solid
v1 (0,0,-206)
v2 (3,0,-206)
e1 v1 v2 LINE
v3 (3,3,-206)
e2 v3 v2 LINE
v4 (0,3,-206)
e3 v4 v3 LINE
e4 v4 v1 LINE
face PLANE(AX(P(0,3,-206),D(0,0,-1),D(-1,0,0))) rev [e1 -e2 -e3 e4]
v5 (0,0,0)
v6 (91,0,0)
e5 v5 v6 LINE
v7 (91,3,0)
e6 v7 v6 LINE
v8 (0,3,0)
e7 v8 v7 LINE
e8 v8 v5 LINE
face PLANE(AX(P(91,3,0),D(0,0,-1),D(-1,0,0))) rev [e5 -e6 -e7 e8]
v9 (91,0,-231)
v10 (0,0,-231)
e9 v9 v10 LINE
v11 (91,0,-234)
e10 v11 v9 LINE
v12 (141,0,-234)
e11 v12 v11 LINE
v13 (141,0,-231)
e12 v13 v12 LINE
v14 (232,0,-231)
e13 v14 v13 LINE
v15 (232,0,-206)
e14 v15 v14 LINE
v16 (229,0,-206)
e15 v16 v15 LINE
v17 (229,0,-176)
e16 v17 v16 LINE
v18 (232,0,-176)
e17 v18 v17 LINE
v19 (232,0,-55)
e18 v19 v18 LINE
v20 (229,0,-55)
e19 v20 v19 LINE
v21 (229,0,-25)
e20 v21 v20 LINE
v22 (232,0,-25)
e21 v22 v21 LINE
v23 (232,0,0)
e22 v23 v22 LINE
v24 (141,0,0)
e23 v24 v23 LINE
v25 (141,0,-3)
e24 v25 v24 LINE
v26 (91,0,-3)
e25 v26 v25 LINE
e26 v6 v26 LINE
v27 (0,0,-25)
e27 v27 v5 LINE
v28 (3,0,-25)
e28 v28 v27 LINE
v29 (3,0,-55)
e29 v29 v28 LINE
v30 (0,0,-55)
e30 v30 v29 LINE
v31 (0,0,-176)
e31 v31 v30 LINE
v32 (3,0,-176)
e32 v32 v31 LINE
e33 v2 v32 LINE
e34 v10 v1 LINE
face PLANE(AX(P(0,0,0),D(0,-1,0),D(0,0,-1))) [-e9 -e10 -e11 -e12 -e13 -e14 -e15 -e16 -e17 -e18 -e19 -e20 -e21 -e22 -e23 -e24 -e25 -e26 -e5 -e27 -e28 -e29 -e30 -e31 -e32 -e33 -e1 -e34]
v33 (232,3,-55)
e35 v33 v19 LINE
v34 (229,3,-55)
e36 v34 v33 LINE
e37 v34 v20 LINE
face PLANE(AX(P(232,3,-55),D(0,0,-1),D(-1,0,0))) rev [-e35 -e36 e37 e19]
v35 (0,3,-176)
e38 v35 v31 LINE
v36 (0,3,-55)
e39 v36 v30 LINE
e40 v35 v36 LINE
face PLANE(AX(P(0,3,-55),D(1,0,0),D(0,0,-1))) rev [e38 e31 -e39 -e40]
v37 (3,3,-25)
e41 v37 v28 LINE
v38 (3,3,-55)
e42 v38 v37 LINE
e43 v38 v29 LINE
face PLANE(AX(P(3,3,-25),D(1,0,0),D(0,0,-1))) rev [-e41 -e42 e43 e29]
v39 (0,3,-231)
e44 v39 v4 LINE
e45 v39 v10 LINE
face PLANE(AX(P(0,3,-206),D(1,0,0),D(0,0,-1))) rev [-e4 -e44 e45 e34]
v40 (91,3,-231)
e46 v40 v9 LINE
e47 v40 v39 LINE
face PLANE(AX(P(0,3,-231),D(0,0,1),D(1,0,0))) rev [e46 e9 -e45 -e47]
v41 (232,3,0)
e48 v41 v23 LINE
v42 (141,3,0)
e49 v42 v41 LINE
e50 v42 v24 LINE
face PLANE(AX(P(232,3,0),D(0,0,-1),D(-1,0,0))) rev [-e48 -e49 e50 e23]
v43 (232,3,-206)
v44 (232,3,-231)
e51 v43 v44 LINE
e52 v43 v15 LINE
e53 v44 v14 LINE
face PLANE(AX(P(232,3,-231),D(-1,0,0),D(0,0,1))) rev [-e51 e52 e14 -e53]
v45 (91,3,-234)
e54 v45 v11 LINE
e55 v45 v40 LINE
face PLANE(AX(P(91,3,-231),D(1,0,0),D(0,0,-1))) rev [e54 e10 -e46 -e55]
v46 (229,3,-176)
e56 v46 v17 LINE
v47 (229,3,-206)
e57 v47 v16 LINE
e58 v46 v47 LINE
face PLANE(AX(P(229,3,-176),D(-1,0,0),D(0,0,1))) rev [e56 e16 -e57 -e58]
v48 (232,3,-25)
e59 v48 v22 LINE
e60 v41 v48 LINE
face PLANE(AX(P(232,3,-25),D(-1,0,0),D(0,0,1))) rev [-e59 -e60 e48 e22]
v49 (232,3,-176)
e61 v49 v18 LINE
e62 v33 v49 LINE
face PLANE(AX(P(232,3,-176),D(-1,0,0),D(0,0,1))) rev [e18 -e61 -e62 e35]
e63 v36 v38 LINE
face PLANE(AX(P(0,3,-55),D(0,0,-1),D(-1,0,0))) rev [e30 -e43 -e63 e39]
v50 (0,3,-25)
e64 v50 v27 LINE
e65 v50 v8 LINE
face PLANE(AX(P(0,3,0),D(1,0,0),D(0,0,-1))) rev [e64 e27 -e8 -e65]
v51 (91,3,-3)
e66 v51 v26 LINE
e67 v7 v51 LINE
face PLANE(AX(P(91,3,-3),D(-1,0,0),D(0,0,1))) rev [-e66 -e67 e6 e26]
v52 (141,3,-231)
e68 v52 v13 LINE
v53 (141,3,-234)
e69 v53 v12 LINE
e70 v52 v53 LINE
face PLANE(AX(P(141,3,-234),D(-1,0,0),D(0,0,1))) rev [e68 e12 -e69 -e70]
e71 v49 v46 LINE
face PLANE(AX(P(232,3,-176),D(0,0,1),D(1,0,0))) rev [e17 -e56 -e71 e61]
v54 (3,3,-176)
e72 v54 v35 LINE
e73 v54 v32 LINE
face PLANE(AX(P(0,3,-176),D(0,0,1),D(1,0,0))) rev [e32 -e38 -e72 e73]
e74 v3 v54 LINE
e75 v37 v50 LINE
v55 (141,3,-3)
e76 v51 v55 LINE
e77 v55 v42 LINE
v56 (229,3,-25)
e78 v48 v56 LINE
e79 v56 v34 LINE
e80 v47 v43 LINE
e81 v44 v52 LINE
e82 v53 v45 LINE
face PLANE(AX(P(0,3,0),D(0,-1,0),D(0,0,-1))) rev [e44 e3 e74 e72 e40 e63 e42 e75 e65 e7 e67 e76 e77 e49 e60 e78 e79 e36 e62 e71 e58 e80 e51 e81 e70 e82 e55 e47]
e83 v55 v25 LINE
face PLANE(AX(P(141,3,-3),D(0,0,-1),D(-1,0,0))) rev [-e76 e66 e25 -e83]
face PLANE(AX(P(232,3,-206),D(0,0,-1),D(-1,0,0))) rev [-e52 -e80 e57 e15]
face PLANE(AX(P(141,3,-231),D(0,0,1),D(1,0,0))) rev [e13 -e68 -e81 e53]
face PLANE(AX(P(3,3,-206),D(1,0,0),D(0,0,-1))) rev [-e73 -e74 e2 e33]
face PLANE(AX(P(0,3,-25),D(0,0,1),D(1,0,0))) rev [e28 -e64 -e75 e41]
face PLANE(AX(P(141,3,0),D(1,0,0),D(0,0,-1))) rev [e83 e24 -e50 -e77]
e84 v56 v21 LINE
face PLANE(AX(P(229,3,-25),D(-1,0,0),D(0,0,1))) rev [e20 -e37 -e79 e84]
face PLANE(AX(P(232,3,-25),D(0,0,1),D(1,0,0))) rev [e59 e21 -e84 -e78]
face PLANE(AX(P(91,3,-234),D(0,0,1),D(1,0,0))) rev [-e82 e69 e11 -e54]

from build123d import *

# Parameters (mm, degrees)
RESSALTO_EXTRUS_O1_DEPTH = 3


with BuildPart() as part:
    # Esboço1 → Ressalto-extrusão1 (new body)
    with BuildSketch(Plane(origin=(0, 0, 0), x_dir=(1, 0, 0), z_dir=(0, 1, 0))):
        Polygon((0, 0), (0, 25), (3, 25), (3, 55), (0, 55), (0, 176), (3, 176), (3, 206), (0, 206), (0, 231), (91, 231), (91, 234), (141, 234), (141, 231), (232, 231), (232, 206), (229, 206), (229, 176), (232, 176), (232, 55), (229, 55), (229, 25), (232, 25), (232, 0), (141, 0), (141, 3), (91, 3), (91, 0), align=None)
    extrude(amount=RESSALTO_EXTRUS_O1_DEPTH)


solid = part.part
